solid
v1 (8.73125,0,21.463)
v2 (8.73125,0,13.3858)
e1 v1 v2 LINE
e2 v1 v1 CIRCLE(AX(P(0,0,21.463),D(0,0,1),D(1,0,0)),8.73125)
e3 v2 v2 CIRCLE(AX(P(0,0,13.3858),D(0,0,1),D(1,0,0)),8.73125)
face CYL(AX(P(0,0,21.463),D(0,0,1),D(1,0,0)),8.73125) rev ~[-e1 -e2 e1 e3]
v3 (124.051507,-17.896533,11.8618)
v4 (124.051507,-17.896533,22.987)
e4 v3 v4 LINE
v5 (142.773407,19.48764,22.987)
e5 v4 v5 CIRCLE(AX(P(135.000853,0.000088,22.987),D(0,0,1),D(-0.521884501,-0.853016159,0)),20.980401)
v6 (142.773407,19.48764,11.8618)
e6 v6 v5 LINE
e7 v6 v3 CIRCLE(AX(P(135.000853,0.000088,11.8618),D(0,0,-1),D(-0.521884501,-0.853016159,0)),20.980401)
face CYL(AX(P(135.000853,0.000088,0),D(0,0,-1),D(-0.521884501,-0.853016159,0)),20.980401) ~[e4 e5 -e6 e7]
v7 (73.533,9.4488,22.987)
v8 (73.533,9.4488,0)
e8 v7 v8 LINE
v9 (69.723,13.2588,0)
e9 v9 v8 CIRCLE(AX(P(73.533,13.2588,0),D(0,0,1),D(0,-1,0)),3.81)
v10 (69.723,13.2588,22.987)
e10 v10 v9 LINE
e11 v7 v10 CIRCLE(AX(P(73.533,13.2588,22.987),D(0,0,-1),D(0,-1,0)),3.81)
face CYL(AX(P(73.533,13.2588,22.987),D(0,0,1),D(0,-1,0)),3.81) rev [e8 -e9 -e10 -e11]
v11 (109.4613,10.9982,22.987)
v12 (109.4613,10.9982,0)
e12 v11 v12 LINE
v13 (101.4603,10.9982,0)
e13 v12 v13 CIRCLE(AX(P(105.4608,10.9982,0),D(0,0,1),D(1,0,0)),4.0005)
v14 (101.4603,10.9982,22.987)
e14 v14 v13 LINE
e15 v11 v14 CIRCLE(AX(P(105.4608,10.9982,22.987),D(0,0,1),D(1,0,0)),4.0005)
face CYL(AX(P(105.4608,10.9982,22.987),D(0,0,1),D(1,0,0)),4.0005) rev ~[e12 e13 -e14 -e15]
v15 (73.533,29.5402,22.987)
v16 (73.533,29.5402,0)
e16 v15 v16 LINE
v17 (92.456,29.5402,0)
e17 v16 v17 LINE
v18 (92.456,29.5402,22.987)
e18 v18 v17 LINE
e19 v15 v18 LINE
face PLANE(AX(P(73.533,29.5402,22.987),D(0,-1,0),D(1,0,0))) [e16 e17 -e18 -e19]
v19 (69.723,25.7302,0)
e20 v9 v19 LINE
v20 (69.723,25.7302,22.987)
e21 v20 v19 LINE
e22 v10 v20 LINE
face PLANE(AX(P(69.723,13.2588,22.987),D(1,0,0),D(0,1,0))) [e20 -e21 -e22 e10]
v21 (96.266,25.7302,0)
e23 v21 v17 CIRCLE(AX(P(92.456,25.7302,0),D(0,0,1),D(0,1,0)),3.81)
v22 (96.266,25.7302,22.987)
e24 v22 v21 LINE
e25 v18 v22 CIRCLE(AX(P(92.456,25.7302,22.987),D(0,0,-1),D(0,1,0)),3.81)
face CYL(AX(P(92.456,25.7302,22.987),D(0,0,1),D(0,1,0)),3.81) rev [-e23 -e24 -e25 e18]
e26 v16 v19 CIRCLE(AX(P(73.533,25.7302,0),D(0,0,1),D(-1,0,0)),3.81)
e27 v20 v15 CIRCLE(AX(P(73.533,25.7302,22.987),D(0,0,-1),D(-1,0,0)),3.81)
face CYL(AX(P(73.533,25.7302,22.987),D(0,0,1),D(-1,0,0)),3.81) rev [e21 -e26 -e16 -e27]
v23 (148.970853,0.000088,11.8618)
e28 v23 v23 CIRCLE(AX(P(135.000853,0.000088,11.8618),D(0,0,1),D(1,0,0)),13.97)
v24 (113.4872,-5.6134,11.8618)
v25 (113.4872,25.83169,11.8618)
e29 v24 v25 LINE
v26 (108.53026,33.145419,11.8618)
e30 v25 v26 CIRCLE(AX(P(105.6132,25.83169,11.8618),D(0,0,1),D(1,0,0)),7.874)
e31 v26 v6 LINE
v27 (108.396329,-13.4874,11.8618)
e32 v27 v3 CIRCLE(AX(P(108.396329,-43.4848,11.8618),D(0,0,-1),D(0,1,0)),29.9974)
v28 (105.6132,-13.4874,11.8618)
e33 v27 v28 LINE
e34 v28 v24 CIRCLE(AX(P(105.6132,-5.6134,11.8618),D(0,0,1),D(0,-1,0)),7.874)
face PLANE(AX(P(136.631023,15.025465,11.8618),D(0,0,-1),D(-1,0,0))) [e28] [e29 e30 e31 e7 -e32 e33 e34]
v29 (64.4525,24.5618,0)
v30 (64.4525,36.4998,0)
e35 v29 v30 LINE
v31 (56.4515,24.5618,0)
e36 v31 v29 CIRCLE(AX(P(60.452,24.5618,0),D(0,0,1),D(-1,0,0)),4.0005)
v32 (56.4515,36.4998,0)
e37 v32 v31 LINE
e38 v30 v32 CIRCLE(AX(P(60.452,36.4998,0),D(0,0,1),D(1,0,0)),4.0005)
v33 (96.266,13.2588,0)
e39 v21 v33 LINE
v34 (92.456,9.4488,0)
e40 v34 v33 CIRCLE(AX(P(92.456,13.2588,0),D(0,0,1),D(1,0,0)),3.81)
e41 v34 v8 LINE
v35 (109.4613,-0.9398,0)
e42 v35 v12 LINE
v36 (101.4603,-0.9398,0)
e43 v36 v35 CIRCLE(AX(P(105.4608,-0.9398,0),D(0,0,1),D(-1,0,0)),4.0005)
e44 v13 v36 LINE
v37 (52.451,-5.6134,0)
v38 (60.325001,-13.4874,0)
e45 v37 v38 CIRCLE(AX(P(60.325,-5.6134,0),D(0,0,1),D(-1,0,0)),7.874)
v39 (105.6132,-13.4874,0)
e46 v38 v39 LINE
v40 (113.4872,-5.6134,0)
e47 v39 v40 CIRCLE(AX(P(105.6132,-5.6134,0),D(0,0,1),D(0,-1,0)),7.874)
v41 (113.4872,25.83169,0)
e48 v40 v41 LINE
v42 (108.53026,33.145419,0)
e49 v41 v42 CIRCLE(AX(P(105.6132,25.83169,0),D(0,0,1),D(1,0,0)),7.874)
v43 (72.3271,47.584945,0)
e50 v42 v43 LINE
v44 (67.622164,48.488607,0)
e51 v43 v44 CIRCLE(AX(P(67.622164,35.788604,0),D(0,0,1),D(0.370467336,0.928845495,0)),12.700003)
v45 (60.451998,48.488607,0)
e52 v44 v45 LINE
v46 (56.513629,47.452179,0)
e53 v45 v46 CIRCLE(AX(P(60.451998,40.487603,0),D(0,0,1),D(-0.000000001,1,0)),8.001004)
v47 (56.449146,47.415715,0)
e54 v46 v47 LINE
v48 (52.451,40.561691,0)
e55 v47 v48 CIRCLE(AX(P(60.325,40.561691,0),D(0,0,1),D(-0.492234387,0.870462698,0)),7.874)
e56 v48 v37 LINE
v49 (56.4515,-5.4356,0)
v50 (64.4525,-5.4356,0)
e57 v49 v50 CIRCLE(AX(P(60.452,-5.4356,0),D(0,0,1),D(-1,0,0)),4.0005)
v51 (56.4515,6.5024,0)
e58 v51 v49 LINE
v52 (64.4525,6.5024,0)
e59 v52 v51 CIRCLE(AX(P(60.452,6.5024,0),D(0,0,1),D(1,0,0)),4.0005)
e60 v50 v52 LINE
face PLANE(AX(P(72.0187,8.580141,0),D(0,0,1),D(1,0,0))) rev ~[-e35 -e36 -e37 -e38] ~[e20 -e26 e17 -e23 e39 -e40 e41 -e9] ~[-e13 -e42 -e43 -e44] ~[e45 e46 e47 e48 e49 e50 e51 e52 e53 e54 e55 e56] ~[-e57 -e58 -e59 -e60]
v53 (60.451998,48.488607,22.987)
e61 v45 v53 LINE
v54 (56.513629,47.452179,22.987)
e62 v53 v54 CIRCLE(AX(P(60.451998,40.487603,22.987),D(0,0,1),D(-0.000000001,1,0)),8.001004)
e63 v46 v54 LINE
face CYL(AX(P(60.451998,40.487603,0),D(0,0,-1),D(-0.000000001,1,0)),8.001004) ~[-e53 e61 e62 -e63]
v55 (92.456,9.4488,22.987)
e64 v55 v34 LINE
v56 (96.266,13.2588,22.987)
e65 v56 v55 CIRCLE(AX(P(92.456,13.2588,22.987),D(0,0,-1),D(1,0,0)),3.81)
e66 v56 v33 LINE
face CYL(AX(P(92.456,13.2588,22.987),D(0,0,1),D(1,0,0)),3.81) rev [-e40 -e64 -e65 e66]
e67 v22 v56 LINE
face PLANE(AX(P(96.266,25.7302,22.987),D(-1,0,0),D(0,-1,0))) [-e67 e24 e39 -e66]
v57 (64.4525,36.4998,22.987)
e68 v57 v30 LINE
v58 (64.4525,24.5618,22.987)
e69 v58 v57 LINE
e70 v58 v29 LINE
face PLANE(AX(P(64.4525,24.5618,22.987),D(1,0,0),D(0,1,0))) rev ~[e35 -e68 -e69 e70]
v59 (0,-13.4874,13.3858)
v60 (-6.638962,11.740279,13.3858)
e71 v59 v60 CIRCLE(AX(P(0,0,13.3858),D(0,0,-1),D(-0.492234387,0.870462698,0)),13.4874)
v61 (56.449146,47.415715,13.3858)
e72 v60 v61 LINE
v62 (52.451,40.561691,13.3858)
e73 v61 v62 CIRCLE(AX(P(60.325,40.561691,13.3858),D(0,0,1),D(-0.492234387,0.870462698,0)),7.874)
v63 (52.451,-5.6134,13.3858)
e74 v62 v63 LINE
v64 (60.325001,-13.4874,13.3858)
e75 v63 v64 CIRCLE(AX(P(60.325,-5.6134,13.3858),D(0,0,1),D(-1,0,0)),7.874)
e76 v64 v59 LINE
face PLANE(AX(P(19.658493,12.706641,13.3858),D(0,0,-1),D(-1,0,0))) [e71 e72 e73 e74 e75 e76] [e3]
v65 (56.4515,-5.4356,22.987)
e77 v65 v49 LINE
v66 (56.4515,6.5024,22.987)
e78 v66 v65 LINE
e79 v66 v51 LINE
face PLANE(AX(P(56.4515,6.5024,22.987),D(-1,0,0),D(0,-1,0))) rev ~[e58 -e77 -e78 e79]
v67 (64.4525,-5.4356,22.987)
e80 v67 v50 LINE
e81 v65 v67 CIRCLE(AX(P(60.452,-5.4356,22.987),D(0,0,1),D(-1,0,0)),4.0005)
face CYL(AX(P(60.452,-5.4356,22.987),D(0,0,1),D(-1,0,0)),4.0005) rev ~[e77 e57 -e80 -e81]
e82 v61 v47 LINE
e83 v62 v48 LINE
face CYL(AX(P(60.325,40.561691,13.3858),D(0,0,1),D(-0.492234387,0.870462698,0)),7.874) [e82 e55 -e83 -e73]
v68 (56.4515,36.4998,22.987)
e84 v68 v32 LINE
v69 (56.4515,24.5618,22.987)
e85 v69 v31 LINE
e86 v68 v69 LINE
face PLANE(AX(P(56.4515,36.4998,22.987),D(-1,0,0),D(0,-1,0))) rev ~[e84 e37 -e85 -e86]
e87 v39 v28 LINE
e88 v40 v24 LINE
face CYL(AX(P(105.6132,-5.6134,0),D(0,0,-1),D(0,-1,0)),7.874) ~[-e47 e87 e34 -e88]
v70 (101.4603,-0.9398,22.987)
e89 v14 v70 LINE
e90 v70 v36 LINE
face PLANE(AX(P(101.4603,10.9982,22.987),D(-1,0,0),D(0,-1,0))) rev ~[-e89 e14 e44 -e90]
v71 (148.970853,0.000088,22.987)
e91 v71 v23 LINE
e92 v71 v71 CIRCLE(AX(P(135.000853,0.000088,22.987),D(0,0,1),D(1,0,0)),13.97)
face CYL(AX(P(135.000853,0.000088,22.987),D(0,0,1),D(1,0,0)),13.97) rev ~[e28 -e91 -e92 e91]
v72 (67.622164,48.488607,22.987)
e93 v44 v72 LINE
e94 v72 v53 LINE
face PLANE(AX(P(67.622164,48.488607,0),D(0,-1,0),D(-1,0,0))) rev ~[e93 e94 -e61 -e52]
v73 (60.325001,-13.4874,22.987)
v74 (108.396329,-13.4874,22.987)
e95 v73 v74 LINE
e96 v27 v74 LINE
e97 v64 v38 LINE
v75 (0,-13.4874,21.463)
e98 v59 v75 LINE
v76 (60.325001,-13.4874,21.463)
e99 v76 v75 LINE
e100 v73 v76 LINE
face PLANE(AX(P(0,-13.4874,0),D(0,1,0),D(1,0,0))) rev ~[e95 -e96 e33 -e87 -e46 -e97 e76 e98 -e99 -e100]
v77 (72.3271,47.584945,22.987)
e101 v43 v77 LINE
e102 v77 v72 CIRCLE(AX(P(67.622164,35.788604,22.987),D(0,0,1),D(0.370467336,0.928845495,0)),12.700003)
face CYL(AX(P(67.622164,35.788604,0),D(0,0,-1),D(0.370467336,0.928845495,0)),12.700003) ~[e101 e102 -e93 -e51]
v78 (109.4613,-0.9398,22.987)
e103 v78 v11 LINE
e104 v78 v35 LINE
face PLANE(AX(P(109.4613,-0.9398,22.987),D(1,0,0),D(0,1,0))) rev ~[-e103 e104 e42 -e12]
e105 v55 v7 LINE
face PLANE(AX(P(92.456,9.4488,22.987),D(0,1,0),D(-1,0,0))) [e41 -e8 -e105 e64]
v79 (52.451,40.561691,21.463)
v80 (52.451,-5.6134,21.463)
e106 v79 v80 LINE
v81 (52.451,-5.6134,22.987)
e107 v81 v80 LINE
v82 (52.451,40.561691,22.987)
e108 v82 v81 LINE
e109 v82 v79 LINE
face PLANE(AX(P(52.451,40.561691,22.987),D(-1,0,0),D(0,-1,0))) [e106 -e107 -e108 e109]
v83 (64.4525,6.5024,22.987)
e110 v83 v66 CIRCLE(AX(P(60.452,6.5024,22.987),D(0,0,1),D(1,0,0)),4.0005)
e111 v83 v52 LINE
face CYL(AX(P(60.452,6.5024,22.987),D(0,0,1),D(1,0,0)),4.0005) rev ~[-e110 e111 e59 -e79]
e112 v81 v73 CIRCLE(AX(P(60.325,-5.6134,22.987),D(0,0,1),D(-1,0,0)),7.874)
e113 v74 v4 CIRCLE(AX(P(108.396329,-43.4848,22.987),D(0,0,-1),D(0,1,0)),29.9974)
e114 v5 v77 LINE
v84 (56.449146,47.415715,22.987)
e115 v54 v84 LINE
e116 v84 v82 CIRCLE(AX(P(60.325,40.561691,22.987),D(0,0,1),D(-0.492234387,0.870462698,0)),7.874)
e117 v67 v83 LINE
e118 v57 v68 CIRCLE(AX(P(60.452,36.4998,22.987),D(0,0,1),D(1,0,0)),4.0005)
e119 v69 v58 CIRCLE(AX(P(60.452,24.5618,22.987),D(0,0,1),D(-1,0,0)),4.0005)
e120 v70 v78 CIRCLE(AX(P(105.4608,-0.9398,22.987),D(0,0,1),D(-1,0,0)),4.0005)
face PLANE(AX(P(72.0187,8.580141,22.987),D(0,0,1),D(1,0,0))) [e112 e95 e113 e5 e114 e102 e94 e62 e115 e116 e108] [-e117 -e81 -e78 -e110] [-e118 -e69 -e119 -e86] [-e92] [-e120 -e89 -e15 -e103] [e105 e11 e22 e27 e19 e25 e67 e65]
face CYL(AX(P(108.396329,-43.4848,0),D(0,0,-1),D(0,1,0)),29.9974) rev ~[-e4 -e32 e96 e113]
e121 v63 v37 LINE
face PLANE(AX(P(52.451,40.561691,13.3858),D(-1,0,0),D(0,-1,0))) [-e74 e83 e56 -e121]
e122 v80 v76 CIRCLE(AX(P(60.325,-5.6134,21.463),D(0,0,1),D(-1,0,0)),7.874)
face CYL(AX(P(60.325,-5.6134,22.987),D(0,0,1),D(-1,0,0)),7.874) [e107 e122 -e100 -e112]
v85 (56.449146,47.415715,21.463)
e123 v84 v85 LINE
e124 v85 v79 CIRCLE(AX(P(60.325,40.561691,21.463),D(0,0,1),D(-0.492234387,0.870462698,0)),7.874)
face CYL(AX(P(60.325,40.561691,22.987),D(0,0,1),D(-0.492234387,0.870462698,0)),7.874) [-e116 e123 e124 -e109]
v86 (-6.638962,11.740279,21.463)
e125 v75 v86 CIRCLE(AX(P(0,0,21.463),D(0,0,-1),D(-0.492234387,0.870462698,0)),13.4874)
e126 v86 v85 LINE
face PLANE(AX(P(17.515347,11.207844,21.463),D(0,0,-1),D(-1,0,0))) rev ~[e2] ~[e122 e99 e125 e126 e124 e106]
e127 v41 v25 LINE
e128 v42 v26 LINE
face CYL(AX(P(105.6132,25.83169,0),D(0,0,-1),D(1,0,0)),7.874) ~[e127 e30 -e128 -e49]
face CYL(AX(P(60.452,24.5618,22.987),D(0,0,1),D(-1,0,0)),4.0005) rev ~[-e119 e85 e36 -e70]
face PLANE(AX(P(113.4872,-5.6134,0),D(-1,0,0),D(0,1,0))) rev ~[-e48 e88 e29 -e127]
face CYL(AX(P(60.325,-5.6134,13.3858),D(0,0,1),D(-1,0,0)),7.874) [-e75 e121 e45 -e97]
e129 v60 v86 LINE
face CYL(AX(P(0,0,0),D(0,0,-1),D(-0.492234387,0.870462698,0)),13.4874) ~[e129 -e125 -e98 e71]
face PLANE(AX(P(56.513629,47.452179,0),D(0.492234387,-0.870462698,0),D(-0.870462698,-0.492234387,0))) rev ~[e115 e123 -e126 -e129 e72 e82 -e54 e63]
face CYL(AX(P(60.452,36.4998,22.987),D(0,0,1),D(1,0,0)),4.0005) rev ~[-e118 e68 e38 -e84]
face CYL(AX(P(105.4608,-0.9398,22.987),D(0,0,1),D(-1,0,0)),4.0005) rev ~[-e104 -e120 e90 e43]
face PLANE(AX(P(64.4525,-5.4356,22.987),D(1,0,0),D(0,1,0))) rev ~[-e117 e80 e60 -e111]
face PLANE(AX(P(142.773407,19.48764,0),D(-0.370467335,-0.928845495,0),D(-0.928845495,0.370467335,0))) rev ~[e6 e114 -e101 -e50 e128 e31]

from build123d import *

# Parameters (mm, degrees)
BASE_EXTRUDE_DEPTH = 22.987
CUT_EXTRUDE1_DEPTH = 1.524
CUT_EXTRUDE2_START = -13.3858
CUT_EXTRUDE2_DEPTH = 13.3858
CUT_EXTRUDE3_DEPTH = 11.8618
SKETCH5_R          = 8.73125
CUT_EXTRUDE4_DEPTH = 165.748162847
SKETCH6_R          = 13.97
CUT_EXTRUDE5_DEPTH = 165.9536267
CUT_EXTRUDE6_DEPTH = 165.9536267


with BuildPart() as part:
    # Sketch1 → Base-Extrude (new body)
    with BuildSketch(Plane.XY):
        with BuildLine():
            Line((67.622164121, 48.488607139), (60.451998121, 48.488607139))
            ThreePointArc((60.451998121, 48.488607139), (58.415767784, 48.225162891), (56.513628913, 47.45217869))
            Line((56.513628913, 47.45217869), (-6.63896207, 11.740278591))
            ThreePointArc((-6.63896207, 11.740278591), (-13.04330848, -3.432500932), (0, -13.4874))
            Line((0, -13.4874), (108.3963288, -13.4874))
            ThreePointArc((108.3963288, -13.4874), (116.52844195, -14.610715729), (124.051506942, -17.896533077))
            ThreePointArc((124.051506942, -17.896533077), (153.760306668, -9.394598854), (142.773406597, 19.487639521))
            Line((142.773406597, 19.487639521), (72.327100379, 47.584944713))
            ThreePointArc((72.327100379, 47.584944713), (70.017630202, 48.26064561), (67.622164121, 48.488607139))
        make_face()
    extrude(amount=BASE_EXTRUDE_DEPTH)

    # Sketch2 → Cut-Extrude1 (cut)
    with BuildSketch(Plane.XY.offset(22.987)):
        with BuildLine():
            Line((52.451, 40.561691476), (52.451, -5.6134))
            ThreePointArc((52.451, -5.6134), (54.757241386, -11.181158976), (60.325000513, -13.4874))
            Line((60.325000513, -13.4874), (60.325000513, -28.150605259))
            Line((60.325000513, -28.150605259), (-23.486257356, -28.150605259))
            Line((-23.486257356, -28.150605259), (-22.173444803, 52.159193632))
            Line((-22.173444803, 52.159193632), (56.513628913, 52.159193632))
            Line((56.513628913, 52.159193632), (56.513628913, 47.45217869))
            Line((56.513628913, 47.45217869), (56.449146437, 47.415714759))
            ThreePointArc((56.449146437, 47.415714759), (53.523590332, 44.529146898), (52.451, 40.561691476))
        make_face()
    extrude(amount=-CUT_EXTRUDE1_DEPTH, mode=Mode.SUBTRACT)

    # Sketch3 → Cut-Extrude2 (cut)
    with BuildSketch(Plane(origin=(0, 0, 0), x_dir=(-1, 0, 0), z_dir=(0, 0, -1)).offset(CUT_EXTRUDE2_START)):
        with BuildLine():
            Line((-52.451, 40.561691476), (-52.451, -5.6134))
            ThreePointArc((-52.451, -5.6134), (-54.757241386, -11.181158976), (-60.325000513, -13.4874))
            Line((-60.325000513, -13.4874), (-60.325000513, -35.585726692))
            Line((-60.325000513, -35.585726692), (18.461929403, -35.585726692))
            Line((18.461929403, -35.585726692), (18.461929403, 62.437610527))
            Line((18.461929403, 62.437610527), (-56.449146437, 62.437610527))
            Line((-56.449146437, 62.437610527), (-56.449146437, 47.415714759))
            ThreePointArc((-56.449146437, 47.415714759), (-53.523590332, 44.529146898), (-52.451, 40.561691476))
        make_face()
    extrude(amount=CUT_EXTRUDE2_DEPTH, mode=Mode.SUBTRACT)

    # Sketch4 → Cut-Extrude3 (cut)
    with BuildSketch(Plane(origin=(0, 0, 0), x_dir=(-1, 0, 0), z_dir=(0, 0, -1))):
        with BuildLine():
            Line((-113.4872, -5.6134), (-113.4872, 25.831689784))
            ThreePointArc((-113.4872, 25.831689784), (-112.131206016, 30.249321907), (-108.530259798, 33.145419212))
            Line((-108.530259798, 33.145419212), (-119.346107198, 60.263197686))
            Line((-119.346107198, 60.263197686), (-162.925004358, 60.263197686))
            Line((-162.925004358, 60.263197686), (-162.925004358, -25.739632552))
            Line((-162.925004358, -25.739632552), (-105.6132, -25.739632552))
            Line((-105.6132, -25.739632552), (-105.6132, -13.4874))
            ThreePointArc((-105.6132, -13.4874), (-111.180958795, -11.181158795), (-113.4872, -5.6134))
        make_face()
    extrude(amount=-CUT_EXTRUDE3_DEPTH, mode=Mode.SUBTRACT)

    # Sketch5 → Cut-Extrude4 (cut, through all)
    with BuildSketch(Plane.XY.offset(21.463)):
        Circle(SKETCH5_R)
    extrude(amount=-CUT_EXTRUDE4_DEPTH, mode=Mode.SUBTRACT)

    # Sketch6 → Cut-Extrude5 (cut, through all)
    with BuildSketch(Plane.XY.offset(22.987)):
        with Locations((135.000853225, 8.827e-05)):
            Circle(SKETCH6_R)
    extrude(amount=-CUT_EXTRUDE5_DEPTH, mode=Mode.SUBTRACT)

    # Sketch7 → Cut-Extrude6 (cut, through all)
    with BuildSketch(Plane.XY.offset(22.987)):
        with BuildLine():
            Line((64.4525, -5.4356), (64.4525, 6.5024))
            ThreePointArc((64.4525, 6.5024), (60.452, 10.5029), (56.4515, 6.5024))
            Line((56.4515, 6.5024), (56.4515, -5.4356))
            ThreePointArc((56.4515, -5.4356), (60.452, -9.4361), (64.4525, -5.4356))
        make_face()
        with BuildLine():
            Line((64.4525, 24.5618), (64.4525, 36.4998))
            ThreePointArc((64.4525, 36.4998), (60.452, 40.5003), (56.4515, 36.4998))
            Line((56.4515, 36.4998), (56.4515, 24.5618))
            ThreePointArc((56.4515, 24.5618), (60.452, 20.5613), (64.4525, 24.5618))
        make_face()
        with BuildLine():
            Line((101.4603, 10.9982), (101.4603, -0.9398))
            ThreePointArc((101.4603, -0.9398), (105.4608, -4.9403), (109.4613, -0.9398))
            Line((109.4613, -0.9398), (109.4613, 10.9982))
            ThreePointArc((109.4613, 10.9982), (105.4608, 14.9987), (101.4603, 10.9982))
        make_face()
        with BuildLine():
            Line((73.533, 29.5402), (92.456, 29.5402))
            ThreePointArc((92.456, 29.5402), (95.150076836, 28.424276836), (96.266, 25.7302))
            Line((96.266, 25.7302), (96.266, 13.2588))
            ThreePointArc((96.266, 13.2588), (95.150076836, 10.564723164), (92.456, 9.4488))
            Line((92.456, 9.4488), (73.533, 9.4488))
            ThreePointArc((73.533, 9.4488), (70.838923164, 10.564723164), (69.723, 13.2588))
            Line((69.723, 13.2588), (69.723, 25.7302))
            ThreePointArc((69.723, 25.7302), (70.838923164, 28.424276836), (73.533, 29.5402))
        make_face()
    extrude(amount=-CUT_EXTRUDE6_DEPTH, mode=Mode.SUBTRACT)


solid = part.part
